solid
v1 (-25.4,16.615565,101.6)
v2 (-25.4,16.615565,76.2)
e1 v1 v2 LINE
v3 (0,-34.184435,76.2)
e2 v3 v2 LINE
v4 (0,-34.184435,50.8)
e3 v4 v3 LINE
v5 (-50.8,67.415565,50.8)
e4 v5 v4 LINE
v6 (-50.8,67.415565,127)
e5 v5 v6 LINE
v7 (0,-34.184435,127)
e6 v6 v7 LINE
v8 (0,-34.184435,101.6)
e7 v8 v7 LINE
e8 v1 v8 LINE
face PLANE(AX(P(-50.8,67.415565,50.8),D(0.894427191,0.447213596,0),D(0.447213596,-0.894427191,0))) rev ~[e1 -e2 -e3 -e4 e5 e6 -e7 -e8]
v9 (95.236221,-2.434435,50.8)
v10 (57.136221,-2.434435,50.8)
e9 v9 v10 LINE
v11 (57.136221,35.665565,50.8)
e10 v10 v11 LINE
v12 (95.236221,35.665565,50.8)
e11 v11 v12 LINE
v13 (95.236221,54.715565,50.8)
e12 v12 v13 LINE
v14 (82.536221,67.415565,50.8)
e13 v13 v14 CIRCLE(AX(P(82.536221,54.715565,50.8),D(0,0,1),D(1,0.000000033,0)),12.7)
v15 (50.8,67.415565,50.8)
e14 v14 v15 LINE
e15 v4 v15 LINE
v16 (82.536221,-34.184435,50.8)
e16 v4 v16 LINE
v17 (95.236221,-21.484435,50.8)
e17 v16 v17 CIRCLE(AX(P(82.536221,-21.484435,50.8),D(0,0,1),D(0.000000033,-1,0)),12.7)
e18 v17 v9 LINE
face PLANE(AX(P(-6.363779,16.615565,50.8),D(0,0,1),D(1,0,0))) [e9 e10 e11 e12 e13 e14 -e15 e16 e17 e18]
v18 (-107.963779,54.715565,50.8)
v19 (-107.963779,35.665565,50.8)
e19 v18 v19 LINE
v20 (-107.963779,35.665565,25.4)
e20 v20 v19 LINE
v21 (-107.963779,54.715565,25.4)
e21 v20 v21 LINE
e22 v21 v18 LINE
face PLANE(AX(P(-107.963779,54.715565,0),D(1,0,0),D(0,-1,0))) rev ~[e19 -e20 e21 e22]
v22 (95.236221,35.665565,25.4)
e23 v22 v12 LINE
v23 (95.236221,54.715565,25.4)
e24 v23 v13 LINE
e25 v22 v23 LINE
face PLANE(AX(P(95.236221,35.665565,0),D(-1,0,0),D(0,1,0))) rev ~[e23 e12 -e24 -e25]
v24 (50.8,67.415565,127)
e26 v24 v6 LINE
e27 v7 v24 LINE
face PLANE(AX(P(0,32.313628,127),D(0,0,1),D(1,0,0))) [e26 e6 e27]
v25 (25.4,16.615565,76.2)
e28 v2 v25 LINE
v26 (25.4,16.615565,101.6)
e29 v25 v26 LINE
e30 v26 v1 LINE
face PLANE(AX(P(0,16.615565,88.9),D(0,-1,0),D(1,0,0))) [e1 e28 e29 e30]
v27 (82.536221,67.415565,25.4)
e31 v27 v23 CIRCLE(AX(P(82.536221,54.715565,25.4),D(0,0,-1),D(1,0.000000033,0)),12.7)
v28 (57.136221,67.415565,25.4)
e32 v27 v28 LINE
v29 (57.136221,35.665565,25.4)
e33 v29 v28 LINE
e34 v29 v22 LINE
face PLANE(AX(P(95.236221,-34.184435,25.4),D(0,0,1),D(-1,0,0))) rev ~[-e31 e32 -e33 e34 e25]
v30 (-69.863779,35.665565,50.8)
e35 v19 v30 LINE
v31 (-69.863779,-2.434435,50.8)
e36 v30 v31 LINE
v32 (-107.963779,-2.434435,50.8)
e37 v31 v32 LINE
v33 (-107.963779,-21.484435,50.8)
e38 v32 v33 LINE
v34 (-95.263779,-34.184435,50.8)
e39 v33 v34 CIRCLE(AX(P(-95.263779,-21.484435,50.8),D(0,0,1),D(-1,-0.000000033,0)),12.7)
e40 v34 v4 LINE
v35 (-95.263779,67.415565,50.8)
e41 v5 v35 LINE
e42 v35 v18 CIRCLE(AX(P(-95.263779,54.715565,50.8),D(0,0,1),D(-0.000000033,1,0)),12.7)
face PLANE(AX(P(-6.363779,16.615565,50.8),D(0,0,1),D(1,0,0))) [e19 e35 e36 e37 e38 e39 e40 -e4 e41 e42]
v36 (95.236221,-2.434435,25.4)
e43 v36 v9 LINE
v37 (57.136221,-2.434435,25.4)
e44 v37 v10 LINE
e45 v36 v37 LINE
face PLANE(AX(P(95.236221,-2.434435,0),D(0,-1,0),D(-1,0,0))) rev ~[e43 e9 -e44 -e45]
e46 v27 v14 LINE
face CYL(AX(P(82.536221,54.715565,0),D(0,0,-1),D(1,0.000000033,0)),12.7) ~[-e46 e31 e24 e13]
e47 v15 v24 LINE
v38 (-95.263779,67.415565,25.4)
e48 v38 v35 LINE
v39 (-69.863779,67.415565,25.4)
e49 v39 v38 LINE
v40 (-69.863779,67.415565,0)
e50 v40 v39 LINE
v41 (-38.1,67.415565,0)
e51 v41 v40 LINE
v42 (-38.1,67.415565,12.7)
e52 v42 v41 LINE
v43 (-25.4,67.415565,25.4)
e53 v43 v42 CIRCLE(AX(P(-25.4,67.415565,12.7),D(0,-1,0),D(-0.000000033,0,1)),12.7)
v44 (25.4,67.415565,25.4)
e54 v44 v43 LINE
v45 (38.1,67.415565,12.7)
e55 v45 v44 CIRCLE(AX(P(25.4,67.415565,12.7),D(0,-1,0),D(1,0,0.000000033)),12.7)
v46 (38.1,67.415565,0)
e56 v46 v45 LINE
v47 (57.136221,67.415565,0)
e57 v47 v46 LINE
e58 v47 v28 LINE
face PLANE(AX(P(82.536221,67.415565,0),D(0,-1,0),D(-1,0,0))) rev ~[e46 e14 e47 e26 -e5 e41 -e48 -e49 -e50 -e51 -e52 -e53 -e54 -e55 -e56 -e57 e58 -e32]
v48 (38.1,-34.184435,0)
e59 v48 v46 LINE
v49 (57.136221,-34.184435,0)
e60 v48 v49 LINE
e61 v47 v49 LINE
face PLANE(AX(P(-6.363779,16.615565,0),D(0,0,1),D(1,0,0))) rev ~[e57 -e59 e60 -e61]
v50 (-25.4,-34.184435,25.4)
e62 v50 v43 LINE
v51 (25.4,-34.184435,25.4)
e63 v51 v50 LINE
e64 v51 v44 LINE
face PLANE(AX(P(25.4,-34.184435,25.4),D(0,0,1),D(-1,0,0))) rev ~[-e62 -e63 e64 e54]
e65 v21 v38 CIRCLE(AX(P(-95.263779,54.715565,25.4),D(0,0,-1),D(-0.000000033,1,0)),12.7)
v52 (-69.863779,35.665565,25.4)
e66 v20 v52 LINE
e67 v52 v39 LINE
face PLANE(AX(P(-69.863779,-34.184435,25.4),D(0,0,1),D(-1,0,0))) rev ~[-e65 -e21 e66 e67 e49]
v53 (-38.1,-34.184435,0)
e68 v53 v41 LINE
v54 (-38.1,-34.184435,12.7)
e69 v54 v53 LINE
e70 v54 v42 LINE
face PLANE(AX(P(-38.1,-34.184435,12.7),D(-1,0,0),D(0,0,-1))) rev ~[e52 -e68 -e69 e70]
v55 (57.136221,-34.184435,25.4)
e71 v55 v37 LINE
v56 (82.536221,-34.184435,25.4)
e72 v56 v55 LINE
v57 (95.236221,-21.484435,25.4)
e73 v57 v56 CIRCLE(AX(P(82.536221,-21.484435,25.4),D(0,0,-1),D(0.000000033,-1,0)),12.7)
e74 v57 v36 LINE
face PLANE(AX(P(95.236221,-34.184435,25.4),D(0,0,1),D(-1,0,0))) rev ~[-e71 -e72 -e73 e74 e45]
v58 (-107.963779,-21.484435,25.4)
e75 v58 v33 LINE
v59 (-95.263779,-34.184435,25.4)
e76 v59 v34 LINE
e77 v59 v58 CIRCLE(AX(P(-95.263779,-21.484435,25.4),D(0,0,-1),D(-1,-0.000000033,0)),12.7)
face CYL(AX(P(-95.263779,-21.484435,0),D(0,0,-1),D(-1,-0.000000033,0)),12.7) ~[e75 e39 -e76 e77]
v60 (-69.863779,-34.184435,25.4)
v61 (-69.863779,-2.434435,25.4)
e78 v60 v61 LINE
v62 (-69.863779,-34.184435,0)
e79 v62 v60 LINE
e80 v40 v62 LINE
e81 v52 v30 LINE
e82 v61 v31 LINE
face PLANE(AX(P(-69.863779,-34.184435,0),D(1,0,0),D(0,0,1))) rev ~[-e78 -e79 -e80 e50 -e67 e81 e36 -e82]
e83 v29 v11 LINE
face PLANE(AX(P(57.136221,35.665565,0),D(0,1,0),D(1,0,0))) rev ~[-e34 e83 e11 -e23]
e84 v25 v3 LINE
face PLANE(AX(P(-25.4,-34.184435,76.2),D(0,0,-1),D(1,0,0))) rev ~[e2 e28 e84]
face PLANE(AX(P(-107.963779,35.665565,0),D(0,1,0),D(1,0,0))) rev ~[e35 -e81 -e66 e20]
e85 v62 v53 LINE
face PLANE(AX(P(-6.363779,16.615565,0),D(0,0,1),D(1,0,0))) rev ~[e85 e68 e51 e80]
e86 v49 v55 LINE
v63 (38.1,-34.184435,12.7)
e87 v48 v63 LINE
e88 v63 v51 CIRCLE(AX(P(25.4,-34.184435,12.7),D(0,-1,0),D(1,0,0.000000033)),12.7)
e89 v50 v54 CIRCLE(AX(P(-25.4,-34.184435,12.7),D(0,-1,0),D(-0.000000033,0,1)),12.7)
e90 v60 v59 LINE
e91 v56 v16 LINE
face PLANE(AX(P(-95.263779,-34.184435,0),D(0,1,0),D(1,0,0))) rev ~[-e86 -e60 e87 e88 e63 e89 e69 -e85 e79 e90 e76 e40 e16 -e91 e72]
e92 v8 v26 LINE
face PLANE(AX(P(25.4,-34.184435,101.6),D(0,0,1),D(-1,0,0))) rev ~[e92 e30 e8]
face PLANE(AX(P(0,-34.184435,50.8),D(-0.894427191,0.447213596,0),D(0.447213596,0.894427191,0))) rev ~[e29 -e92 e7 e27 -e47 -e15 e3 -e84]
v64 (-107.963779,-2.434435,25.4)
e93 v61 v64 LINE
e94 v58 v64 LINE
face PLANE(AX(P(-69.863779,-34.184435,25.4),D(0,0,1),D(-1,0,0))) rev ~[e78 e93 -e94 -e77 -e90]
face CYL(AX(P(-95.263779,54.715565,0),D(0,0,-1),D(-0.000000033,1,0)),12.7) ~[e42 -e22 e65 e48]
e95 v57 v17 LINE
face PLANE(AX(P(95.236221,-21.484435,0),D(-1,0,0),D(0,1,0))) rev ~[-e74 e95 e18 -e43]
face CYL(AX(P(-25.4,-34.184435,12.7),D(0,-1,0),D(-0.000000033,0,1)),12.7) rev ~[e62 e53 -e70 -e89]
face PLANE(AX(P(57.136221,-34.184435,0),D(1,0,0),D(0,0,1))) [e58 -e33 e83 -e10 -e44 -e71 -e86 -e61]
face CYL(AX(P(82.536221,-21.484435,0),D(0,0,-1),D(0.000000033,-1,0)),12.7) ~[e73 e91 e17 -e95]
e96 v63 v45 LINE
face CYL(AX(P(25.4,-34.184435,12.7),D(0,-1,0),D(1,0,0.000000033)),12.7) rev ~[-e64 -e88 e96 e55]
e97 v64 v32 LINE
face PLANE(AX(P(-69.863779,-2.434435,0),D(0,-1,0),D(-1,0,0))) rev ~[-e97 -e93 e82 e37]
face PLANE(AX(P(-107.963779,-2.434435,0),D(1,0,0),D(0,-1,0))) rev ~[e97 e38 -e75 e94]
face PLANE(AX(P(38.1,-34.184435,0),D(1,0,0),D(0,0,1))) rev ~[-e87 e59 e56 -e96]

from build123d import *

# Parameters (mm, degrees)
F1_DEPTH  = 50.8
F3_DEPTH  = 76.2
F5_DEPTH  = 50.8
F7_DEPTH  = 101.601
F8_W      = 25.4
F8_H      = 25.4
F8_W_2    = 12.7
F9_DEPTH  = 101.601
F10_W     = 12.7
F10_H     = 25.4
F10_W_2   = 25.4
F11_DEPTH = 101.601


with BuildPart() as f1:
    # F0 (on Top) → F1 (new body)
    with BuildSketch(Plane.XY):
        with BuildLine():
            Line((-107.963779, 54.715565), (-107.963779, 35.665565))
            Line((-107.963779, 35.665565), (-69.863779, 35.665565))
            Line((-69.863779, 35.665565), (-69.863779, -2.434435))
            Line((-69.863779, -2.434435), (-107.963779, -2.434435))
            Line((-107.963779, -2.434435), (-107.963779, -21.484435))
            ThreePointArc((-107.963779, -21.484435), (-104.244035, -30.464691), (-95.263779, -34.184435))
            Line((-95.263779, -34.184435), (82.536221, -34.184435))
            ThreePointArc((82.536221, -34.184435), (91.516477, -30.464691), (95.236221, -21.484435))
            Line((95.236221, -21.484435), (95.236221, -2.434435))
            Line((95.236221, -2.434435), (57.136221, -2.434435))
            Line((57.136221, -2.434435), (57.136221, 35.665565))
            Line((57.136221, 35.665565), (95.236221, 35.665565))
            Line((95.236221, 35.665565), (95.236221, 54.715565))
            ThreePointArc((95.236221, 54.715565), (91.516477, 63.695821), (82.536221, 67.415565))
            Line((82.536221, 67.415565), (-95.263779, 67.415565))
            ThreePointArc((-95.263779, 67.415565), (-104.244035, 63.695821), (-107.963779, 54.715565))
        make_face()
    extrude(amount=F1_DEPTH)

    # F2 (on face) → F3 (join)
    with BuildSketch(Plane.XY.offset(50.8)):
        Polygon((-50.8, 67.415565), (0, -34.184435), (50.8, 67.415565), align=None)
    extrude(amount=F3_DEPTH)

    # F4 (on face) → F5 (cut)
    with BuildSketch(Plane.XZ.offset(34.184435)):
        Polygon((0, 101.6), (-25.4, 101.6), (-25.4, 76.2), (25.4, 76.2), (25.4, 101.6), align=None)
    extrude(amount=-F5_DEPTH, mode=Mode.SUBTRACT)

    # F6 (on face) → F7 (cut, through all)
    with BuildSketch(Plane.XZ.offset(34.184435)):
        with BuildLine():
            Line((-38.1, 12.7), (-38.1, 0))
            Line((-38.1, 0), (0, 0))
            Line((0, 0), (0, 25.4))
            Line((0, 25.4), (-25.4, 25.4))
            ThreePointArc((-25.4, 25.4), (-34.380256, 21.680256), (-38.1, 12.7))
        make_face()
        with BuildLine():
            Line((0, 25.4), (0, 0))
            Line((0, 0), (38.1, 0))
            Line((38.1, 0), (38.1, 12.7))
            ThreePointArc((38.1, 12.7), (34.380256, 21.680256), (25.4, 25.4))
            Line((25.4, 25.4), (0, 25.4))
        make_face()
    extrude(amount=-F7_DEPTH, mode=Mode.SUBTRACT)

    # F8 (on face) → F9 (cut, through all)
    with BuildSketch(Plane.XZ.offset(34.184435)):
        with Locations((-82.563779, 12.7)):
            Rectangle(F8_W, F8_H)
        with Locations((-101.613779, 12.7)):
            Rectangle(F8_W_2, F8_H)
    extrude(amount=-F9_DEPTH, mode=Mode.SUBTRACT)

    # F10 (on face) → F11 (cut, through all)
    with BuildSketch(Plane.XZ.offset(34.184435)):
        with Locations((88.886221, 12.7)):
            Rectangle(F10_W, F10_H)
        with Locations((69.836221, 12.7)):
            Rectangle(F10_W_2, F10_H)
    extrude(amount=-F11_DEPTH, mode=Mode.SUBTRACT)


solid = f1.part
